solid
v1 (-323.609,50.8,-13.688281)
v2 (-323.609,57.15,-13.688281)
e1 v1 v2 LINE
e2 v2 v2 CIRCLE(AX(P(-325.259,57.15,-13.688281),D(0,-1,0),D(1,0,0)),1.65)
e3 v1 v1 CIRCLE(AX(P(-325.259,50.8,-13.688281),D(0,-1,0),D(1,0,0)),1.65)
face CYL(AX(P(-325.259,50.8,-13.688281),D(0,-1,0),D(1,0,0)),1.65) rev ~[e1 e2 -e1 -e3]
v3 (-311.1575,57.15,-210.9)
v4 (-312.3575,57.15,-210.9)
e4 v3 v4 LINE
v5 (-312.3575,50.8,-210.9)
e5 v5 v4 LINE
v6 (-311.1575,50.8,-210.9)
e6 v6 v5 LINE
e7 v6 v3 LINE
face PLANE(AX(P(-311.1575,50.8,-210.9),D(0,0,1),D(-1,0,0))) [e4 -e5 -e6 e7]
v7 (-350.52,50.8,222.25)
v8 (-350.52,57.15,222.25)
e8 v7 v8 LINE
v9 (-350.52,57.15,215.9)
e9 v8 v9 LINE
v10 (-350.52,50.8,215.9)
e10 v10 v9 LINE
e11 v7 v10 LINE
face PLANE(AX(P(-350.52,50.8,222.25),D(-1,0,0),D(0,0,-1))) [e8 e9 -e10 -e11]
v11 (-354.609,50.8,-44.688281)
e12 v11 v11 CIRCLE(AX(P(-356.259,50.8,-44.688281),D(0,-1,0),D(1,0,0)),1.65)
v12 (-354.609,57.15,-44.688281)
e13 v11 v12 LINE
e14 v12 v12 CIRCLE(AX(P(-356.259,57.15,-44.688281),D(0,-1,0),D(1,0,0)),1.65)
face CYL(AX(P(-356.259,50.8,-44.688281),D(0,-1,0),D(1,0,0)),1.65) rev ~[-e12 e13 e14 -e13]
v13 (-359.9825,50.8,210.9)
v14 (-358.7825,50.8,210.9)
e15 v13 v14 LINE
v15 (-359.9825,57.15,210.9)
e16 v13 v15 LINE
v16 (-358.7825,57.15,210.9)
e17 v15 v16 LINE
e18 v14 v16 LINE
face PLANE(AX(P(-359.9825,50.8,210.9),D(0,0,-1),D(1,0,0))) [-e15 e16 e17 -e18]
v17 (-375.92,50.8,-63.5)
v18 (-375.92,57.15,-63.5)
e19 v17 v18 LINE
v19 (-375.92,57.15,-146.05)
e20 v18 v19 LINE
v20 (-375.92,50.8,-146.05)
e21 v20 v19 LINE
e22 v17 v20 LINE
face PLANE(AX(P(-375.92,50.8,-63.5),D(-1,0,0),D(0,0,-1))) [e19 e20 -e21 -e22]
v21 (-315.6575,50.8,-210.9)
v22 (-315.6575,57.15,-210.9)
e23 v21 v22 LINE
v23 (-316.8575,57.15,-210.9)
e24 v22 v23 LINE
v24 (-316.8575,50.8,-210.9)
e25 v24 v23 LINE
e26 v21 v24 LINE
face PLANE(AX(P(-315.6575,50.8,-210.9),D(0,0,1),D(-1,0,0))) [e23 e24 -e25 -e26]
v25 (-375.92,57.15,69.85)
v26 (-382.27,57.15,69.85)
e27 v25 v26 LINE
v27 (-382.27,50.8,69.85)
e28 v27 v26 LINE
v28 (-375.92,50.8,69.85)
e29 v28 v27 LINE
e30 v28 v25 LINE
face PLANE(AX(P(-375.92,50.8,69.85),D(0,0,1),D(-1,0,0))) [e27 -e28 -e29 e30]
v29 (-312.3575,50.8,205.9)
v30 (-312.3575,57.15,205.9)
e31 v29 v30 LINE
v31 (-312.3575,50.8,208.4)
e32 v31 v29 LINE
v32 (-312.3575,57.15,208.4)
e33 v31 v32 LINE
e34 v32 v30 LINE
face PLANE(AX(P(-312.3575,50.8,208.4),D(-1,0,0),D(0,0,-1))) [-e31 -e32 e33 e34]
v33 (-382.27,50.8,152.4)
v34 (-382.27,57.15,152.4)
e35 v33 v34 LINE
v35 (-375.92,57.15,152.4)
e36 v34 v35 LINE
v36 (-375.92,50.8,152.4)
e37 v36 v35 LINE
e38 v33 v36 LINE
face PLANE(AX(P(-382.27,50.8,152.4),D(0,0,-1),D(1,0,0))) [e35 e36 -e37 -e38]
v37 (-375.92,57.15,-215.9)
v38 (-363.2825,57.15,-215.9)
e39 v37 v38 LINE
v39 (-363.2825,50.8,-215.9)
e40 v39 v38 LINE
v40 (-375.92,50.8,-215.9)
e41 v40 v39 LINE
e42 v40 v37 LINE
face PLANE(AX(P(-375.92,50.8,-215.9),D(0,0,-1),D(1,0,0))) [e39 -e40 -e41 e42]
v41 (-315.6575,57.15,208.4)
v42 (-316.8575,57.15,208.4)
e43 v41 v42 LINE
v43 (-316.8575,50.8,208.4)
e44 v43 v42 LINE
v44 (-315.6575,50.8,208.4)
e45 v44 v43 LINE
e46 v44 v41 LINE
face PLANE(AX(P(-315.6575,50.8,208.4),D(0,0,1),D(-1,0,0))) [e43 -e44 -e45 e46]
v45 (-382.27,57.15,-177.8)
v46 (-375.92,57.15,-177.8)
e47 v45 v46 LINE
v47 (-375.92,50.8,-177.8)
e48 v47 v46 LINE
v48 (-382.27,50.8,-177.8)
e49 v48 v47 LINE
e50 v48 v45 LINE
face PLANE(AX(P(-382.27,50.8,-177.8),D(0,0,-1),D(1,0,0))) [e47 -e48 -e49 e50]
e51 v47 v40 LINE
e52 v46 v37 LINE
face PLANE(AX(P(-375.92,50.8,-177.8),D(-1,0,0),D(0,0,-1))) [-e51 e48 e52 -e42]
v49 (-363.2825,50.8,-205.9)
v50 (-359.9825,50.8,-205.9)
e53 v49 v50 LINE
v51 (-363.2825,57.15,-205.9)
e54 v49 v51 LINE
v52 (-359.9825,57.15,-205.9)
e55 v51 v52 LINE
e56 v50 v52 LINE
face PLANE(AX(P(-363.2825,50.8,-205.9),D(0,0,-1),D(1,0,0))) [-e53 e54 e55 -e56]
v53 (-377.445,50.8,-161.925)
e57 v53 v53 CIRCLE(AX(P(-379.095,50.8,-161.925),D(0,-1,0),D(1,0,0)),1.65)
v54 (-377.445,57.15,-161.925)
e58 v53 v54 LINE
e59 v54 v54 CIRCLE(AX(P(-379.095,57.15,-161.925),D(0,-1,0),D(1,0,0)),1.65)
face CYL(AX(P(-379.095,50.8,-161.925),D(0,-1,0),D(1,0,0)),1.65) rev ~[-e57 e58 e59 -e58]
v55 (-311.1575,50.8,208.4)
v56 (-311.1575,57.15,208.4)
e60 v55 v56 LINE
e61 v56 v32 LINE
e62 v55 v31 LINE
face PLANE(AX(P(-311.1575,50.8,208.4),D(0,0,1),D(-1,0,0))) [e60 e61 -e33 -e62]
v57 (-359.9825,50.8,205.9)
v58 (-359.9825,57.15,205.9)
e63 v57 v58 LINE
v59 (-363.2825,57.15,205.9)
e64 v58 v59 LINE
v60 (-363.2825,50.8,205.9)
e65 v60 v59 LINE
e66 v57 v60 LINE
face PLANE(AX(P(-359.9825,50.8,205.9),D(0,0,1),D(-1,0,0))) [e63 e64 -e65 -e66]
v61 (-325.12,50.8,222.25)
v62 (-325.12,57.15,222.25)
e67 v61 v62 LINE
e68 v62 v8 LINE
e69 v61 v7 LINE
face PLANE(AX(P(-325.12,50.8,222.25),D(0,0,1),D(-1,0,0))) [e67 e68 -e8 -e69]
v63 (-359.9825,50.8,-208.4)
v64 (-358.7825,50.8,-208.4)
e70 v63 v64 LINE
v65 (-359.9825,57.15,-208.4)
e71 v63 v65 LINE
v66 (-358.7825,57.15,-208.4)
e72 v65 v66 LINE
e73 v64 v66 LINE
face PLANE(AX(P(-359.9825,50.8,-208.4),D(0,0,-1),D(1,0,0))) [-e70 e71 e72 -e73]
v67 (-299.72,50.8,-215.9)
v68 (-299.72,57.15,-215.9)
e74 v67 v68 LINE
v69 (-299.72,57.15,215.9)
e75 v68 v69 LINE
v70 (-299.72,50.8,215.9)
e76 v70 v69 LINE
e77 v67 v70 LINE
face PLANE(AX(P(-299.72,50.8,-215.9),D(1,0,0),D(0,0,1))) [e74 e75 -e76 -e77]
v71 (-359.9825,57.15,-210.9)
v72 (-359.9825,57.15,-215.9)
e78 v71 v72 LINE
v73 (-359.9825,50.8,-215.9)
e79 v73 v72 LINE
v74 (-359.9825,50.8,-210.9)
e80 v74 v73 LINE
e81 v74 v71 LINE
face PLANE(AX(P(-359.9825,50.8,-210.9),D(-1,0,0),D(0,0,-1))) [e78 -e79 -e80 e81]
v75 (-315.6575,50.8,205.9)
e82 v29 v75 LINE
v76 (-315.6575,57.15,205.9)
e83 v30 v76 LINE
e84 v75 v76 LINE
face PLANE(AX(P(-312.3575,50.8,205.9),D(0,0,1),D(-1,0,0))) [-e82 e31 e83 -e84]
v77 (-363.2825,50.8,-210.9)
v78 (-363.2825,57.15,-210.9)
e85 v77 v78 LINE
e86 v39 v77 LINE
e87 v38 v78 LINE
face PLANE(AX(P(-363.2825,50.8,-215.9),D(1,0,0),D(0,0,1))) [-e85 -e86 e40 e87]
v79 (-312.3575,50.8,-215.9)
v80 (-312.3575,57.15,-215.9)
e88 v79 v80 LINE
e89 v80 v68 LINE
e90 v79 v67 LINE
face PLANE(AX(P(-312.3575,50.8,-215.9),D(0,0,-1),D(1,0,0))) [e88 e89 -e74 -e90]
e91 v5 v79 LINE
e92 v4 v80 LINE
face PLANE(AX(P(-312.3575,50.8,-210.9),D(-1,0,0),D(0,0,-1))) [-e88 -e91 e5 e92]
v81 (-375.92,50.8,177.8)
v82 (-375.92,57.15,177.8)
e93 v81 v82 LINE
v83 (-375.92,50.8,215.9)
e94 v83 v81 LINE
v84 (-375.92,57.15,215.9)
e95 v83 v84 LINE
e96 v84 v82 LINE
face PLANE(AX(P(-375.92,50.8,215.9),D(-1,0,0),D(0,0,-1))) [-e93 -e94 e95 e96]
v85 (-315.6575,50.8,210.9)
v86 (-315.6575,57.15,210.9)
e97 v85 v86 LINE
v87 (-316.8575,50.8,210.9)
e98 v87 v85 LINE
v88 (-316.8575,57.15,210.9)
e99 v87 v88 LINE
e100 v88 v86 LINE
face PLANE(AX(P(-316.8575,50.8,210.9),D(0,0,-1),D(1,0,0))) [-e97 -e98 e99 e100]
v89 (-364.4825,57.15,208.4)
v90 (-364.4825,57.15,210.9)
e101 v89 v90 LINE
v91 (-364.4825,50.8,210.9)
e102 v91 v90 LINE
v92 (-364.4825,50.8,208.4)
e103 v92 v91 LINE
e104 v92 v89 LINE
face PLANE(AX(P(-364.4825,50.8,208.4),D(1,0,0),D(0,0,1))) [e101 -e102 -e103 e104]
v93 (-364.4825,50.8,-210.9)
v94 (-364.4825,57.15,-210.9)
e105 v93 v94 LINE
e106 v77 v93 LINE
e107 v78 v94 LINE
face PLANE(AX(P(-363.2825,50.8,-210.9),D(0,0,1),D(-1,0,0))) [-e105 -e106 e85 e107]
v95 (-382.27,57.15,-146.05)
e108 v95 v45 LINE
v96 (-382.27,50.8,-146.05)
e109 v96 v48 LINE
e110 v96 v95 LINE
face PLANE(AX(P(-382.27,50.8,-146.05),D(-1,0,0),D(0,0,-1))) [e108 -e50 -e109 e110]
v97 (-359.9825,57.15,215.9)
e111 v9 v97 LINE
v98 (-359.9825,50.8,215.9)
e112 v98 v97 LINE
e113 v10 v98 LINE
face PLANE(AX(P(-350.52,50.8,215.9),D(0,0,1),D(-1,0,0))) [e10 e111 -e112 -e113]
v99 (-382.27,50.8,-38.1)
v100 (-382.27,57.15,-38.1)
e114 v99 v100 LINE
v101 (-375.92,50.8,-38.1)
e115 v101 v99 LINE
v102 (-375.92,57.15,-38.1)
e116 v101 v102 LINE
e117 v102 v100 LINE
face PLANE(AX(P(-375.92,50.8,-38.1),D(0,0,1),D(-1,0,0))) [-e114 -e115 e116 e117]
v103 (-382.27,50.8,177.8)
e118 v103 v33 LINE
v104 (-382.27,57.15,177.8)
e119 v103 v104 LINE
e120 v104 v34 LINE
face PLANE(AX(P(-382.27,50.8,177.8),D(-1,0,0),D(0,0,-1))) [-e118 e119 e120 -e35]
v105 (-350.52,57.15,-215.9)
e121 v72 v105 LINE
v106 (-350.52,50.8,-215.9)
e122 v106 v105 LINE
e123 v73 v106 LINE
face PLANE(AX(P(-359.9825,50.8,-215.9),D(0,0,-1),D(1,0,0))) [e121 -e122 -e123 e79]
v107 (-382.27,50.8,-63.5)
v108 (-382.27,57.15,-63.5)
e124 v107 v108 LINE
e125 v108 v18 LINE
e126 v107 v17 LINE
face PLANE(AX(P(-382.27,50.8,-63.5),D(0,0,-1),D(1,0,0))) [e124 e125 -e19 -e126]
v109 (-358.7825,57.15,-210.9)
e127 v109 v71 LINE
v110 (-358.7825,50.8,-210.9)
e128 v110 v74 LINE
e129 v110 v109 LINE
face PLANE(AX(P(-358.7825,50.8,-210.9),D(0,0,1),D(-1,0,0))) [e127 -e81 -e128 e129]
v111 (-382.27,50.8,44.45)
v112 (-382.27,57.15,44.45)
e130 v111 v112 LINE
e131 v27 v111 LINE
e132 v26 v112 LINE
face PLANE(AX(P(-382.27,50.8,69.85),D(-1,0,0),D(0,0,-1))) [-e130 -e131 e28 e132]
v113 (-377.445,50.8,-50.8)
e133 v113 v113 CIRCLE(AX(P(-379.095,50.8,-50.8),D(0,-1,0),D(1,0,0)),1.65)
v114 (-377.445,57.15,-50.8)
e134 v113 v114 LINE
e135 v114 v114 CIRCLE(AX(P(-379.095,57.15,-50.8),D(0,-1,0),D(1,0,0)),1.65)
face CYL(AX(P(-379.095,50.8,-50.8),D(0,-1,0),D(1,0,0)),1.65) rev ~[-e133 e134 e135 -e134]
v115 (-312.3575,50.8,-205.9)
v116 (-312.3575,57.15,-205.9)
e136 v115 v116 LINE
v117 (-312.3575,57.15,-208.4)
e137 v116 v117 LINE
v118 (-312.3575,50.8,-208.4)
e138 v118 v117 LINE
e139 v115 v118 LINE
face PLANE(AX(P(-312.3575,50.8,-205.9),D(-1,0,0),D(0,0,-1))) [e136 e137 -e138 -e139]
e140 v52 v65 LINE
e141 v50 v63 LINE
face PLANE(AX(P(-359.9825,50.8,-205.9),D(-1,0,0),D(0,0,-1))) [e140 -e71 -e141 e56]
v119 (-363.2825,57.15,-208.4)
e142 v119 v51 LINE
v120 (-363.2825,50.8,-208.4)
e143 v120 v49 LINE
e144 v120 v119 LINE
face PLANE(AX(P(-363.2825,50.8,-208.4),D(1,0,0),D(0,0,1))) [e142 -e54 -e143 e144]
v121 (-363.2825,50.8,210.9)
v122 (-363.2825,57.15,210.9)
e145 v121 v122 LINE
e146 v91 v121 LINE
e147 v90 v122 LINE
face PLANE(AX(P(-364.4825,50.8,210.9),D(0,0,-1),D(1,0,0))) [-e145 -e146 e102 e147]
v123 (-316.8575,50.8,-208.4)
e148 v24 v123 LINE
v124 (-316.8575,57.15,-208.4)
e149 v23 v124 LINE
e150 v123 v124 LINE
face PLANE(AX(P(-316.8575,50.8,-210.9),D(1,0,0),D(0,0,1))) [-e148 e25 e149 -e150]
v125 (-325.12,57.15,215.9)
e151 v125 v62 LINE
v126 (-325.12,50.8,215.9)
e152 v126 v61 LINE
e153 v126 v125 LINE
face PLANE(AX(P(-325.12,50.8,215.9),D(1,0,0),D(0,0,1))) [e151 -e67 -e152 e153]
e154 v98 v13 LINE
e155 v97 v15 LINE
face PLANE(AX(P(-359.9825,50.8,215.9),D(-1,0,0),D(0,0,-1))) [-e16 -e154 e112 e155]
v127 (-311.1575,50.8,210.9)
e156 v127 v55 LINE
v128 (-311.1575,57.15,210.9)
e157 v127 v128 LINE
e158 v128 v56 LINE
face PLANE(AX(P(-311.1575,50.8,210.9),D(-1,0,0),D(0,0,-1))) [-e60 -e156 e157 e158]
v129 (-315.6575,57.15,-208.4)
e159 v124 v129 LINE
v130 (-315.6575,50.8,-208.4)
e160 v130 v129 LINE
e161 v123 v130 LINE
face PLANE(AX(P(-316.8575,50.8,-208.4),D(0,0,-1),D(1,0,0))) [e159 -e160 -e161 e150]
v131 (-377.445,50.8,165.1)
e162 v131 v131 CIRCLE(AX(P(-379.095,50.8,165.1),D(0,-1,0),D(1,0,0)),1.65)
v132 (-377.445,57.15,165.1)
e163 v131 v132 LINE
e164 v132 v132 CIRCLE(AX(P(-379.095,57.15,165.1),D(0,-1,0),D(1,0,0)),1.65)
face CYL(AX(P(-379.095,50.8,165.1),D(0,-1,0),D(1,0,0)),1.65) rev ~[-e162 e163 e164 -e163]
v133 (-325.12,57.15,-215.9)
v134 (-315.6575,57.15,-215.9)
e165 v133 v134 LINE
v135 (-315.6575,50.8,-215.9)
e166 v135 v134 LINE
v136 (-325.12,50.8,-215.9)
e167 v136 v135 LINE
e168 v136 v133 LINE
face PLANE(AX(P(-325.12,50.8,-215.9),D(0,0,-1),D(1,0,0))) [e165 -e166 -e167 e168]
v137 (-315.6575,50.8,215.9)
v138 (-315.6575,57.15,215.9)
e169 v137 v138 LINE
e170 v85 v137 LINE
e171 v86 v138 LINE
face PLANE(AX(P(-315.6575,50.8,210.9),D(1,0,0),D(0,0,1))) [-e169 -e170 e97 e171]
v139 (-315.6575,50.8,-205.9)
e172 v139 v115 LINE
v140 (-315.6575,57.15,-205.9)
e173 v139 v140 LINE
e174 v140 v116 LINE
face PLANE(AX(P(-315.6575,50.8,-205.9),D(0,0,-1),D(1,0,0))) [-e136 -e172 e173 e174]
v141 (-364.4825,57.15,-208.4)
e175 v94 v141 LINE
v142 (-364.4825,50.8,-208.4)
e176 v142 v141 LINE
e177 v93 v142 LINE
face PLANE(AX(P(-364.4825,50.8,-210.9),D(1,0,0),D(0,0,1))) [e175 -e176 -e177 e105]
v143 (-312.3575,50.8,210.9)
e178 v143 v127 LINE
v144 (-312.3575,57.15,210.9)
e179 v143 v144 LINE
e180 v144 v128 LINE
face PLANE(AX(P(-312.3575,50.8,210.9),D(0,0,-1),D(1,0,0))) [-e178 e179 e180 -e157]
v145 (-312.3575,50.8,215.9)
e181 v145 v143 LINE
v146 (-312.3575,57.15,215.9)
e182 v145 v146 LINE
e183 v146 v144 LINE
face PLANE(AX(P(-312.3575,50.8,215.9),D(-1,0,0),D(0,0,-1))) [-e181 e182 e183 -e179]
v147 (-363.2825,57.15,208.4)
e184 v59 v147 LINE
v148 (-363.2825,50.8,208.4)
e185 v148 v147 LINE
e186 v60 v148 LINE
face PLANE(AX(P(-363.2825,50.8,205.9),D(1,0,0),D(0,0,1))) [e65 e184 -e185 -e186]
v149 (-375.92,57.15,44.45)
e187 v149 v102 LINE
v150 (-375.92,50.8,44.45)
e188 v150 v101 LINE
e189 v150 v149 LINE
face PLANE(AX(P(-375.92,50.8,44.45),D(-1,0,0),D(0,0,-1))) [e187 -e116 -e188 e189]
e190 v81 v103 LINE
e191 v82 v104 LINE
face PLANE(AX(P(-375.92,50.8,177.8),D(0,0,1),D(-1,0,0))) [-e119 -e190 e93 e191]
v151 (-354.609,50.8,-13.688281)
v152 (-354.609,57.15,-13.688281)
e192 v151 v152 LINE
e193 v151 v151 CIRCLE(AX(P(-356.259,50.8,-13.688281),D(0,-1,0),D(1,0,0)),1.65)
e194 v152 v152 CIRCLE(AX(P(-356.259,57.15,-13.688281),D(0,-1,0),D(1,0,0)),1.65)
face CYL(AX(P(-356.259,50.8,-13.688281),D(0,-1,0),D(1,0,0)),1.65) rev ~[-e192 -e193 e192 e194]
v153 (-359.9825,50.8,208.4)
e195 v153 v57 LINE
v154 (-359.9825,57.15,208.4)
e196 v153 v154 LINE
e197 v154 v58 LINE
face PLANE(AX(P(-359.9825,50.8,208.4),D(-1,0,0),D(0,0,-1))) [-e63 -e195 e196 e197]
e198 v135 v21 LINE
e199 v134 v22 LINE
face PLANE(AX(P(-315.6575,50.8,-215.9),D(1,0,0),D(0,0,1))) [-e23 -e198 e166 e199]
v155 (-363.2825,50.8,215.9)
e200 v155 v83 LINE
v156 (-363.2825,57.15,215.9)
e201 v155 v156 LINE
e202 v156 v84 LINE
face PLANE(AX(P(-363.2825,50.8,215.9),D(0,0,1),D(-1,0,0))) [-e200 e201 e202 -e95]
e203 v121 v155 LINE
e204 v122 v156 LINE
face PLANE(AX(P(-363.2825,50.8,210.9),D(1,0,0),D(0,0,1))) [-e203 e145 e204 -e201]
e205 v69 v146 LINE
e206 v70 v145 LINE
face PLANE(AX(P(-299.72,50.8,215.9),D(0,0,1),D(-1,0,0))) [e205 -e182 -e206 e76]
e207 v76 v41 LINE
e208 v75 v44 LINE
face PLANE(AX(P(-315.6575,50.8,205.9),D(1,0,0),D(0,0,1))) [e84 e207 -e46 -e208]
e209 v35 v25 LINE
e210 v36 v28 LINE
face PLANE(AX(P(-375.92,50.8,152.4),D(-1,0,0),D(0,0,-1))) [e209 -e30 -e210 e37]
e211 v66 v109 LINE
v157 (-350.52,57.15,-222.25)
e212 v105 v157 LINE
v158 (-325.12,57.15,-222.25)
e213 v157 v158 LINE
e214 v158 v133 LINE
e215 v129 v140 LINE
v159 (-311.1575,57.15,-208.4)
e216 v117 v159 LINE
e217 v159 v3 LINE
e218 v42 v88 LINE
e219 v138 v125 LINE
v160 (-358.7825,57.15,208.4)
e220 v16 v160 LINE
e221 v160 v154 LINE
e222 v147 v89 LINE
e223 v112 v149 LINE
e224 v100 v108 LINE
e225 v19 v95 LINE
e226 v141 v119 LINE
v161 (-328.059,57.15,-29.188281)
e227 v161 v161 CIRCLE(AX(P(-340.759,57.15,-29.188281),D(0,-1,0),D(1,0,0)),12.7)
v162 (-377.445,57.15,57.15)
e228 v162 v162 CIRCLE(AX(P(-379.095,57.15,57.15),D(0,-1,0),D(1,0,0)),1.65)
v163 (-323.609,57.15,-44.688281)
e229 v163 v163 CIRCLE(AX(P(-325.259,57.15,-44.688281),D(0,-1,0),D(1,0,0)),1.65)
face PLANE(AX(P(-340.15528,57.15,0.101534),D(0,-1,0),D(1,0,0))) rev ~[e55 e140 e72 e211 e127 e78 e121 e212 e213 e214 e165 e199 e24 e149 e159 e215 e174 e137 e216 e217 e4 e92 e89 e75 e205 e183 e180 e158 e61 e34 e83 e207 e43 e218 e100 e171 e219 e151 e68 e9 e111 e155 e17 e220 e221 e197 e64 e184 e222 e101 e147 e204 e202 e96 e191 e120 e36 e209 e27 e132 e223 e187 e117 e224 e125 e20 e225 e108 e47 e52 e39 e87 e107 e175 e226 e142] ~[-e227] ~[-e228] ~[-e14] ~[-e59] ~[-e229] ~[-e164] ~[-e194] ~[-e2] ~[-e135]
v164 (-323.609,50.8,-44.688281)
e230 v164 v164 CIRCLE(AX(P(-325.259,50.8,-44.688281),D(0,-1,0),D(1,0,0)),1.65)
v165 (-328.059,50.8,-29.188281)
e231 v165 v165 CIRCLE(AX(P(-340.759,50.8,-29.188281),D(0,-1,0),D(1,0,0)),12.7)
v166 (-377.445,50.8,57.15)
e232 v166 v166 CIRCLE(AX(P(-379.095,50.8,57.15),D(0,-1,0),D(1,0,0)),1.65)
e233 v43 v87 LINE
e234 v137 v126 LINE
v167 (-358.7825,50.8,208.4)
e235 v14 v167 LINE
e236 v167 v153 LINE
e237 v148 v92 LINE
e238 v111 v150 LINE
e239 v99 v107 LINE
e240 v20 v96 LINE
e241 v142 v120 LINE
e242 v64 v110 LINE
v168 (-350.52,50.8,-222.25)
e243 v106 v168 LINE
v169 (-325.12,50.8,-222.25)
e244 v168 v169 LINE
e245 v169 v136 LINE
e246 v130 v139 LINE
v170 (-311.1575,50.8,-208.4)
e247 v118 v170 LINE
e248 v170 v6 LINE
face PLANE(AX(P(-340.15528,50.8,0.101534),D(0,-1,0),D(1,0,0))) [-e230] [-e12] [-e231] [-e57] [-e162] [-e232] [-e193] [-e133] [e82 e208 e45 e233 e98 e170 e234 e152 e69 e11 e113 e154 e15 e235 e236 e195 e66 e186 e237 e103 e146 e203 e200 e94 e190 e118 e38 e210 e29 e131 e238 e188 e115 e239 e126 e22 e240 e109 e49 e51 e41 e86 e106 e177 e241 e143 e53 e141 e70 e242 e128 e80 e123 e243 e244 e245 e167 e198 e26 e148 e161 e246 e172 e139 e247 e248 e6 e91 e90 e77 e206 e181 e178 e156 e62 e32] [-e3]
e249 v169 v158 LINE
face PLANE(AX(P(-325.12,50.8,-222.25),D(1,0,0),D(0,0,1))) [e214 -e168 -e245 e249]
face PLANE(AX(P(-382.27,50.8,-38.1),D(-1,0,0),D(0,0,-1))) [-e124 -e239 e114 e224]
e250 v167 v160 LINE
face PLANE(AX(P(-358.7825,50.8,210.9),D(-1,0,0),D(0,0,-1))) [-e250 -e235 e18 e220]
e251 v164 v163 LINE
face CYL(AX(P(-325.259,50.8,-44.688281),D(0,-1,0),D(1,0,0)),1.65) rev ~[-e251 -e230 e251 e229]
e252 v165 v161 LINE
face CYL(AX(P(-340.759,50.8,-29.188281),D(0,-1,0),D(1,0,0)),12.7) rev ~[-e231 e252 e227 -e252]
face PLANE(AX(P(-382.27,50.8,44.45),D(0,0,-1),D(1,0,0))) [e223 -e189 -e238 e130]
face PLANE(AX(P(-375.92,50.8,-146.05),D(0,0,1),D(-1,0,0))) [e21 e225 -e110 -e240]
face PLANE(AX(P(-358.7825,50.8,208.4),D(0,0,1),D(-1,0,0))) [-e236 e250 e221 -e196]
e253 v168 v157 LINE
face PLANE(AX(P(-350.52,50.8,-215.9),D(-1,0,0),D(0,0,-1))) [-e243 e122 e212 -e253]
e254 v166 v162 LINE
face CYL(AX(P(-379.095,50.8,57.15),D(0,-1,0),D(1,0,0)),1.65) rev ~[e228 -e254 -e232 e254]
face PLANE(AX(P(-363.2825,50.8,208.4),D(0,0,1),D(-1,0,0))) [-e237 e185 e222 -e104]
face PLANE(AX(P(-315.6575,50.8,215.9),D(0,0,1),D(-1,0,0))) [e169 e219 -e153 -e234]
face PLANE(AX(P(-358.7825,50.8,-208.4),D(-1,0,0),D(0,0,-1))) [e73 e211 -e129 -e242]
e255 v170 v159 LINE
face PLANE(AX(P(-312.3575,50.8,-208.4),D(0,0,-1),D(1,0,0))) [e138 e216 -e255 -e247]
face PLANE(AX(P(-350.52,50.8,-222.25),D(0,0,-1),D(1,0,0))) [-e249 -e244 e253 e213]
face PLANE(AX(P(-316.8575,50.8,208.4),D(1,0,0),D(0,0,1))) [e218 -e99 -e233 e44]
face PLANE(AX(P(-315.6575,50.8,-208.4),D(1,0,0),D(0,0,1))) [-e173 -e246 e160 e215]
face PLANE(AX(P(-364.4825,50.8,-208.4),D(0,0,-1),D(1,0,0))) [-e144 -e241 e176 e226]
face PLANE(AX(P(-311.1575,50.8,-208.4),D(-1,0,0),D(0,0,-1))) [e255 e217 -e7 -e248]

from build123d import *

# Parameters (mm, degrees)
SKETCH1_R           = 1.65
SKETCH1_R_2         = 12.7
BOSS_EXTRUDE1_DEPTH = 6.35


with BuildPart() as part:
    # Sketch1 → Boss-Extrude1 (new body)
    with BuildSketch(Plane.XZ.offset(-50.8)):
        Polygon((-350.52, 222.25), (-350.52, 215.9), (-359.9825, 215.9), (-359.9825, 210.9), (-358.7825, 210.9), (-358.7825, 208.4), (-359.9825, 208.4), (-359.9825, 205.9), (-363.2825, 205.9), (-363.2825, 208.4), (-364.4825, 208.4), (-364.4825, 210.9), (-363.2825, 210.9), (-363.2825, 215.9), (-375.92, 215.9), (-375.92, 177.8), (-382.27, 177.8), (-382.27, 152.4), (-375.92, 152.4), (-375.92, 69.85), (-382.27, 69.85), (-382.27, 44.45), (-375.92, 44.45), (-375.92, -38.1), (-382.27, -38.1), (-382.27, -63.5), (-375.92, -63.5), (-375.92, -146.05), (-382.27, -146.05), (-382.27, -177.8), (-375.92, -177.8), (-375.92, -215.9), (-363.2825, -215.9), (-363.2825, -210.9), (-364.4825, -210.9), (-364.4825, -208.4), (-363.2825, -208.4), (-363.2825, -205.9), (-359.9825, -205.9), (-359.9825, -208.4), (-358.7825, -208.4), (-358.7825, -210.9), (-359.9825, -210.9), (-359.9825, -215.9), (-350.52, -215.9), (-350.52, -222.25), (-325.12, -222.25), (-325.12, -215.9), (-315.6575, -215.9), (-315.6575, -210.9), (-316.8575, -210.9), (-316.8575, -208.4), (-315.6575, -208.4), (-315.6575, -205.9), (-312.3575, -205.9), (-312.3575, -208.4), (-311.1575, -208.4), (-311.1575, -210.9), (-312.3575, -210.9), (-312.3575, -215.9), (-299.72, -215.9), (-299.72, 215.9), (-312.3575, 215.9), (-312.3575, 210.9), (-311.1575, 210.9), (-311.1575, 208.4), (-312.3575, 208.4), (-312.3575, 205.9), (-315.6575, 205.9), (-315.6575, 208.4), (-316.8575, 208.4), (-316.8575, 210.9), (-315.6575, 210.9), (-315.6575, 215.9), (-325.12, 215.9), (-325.12, 222.25), align=None)
        with Locations((-379.095, 165.1)):
            Circle(SKETCH1_R, mode=Mode.SUBTRACT)
        with Locations((-379.095, 57.15)):
            Circle(SKETCH1_R, mode=Mode.SUBTRACT)
        with Locations((-379.095, -161.925)):
            Circle(SKETCH1_R, mode=Mode.SUBTRACT)
        with Locations((-379.095, -50.8)):
            Circle(SKETCH1_R, mode=Mode.SUBTRACT)
        with Locations((-325.259000014, -13.688281448)):
            Circle(SKETCH1_R, mode=Mode.SUBTRACT)
        with Locations((-356.259000014, -13.688281448)):
            Circle(SKETCH1_R, mode=Mode.SUBTRACT)
        with Locations((-325.259000014, -44.688281448)):
            Circle(SKETCH1_R, mode=Mode.SUBTRACT)
        with Locations((-356.259000014, -44.688281448)):
            Circle(SKETCH1_R, mode=Mode.SUBTRACT)
        with Locations((-340.759000014, -29.188281448)):
            Circle(SKETCH1_R_2, mode=Mode.SUBTRACT)
    extrude(amount=-BOSS_EXTRUDE1_DEPTH)


solid = part.part
